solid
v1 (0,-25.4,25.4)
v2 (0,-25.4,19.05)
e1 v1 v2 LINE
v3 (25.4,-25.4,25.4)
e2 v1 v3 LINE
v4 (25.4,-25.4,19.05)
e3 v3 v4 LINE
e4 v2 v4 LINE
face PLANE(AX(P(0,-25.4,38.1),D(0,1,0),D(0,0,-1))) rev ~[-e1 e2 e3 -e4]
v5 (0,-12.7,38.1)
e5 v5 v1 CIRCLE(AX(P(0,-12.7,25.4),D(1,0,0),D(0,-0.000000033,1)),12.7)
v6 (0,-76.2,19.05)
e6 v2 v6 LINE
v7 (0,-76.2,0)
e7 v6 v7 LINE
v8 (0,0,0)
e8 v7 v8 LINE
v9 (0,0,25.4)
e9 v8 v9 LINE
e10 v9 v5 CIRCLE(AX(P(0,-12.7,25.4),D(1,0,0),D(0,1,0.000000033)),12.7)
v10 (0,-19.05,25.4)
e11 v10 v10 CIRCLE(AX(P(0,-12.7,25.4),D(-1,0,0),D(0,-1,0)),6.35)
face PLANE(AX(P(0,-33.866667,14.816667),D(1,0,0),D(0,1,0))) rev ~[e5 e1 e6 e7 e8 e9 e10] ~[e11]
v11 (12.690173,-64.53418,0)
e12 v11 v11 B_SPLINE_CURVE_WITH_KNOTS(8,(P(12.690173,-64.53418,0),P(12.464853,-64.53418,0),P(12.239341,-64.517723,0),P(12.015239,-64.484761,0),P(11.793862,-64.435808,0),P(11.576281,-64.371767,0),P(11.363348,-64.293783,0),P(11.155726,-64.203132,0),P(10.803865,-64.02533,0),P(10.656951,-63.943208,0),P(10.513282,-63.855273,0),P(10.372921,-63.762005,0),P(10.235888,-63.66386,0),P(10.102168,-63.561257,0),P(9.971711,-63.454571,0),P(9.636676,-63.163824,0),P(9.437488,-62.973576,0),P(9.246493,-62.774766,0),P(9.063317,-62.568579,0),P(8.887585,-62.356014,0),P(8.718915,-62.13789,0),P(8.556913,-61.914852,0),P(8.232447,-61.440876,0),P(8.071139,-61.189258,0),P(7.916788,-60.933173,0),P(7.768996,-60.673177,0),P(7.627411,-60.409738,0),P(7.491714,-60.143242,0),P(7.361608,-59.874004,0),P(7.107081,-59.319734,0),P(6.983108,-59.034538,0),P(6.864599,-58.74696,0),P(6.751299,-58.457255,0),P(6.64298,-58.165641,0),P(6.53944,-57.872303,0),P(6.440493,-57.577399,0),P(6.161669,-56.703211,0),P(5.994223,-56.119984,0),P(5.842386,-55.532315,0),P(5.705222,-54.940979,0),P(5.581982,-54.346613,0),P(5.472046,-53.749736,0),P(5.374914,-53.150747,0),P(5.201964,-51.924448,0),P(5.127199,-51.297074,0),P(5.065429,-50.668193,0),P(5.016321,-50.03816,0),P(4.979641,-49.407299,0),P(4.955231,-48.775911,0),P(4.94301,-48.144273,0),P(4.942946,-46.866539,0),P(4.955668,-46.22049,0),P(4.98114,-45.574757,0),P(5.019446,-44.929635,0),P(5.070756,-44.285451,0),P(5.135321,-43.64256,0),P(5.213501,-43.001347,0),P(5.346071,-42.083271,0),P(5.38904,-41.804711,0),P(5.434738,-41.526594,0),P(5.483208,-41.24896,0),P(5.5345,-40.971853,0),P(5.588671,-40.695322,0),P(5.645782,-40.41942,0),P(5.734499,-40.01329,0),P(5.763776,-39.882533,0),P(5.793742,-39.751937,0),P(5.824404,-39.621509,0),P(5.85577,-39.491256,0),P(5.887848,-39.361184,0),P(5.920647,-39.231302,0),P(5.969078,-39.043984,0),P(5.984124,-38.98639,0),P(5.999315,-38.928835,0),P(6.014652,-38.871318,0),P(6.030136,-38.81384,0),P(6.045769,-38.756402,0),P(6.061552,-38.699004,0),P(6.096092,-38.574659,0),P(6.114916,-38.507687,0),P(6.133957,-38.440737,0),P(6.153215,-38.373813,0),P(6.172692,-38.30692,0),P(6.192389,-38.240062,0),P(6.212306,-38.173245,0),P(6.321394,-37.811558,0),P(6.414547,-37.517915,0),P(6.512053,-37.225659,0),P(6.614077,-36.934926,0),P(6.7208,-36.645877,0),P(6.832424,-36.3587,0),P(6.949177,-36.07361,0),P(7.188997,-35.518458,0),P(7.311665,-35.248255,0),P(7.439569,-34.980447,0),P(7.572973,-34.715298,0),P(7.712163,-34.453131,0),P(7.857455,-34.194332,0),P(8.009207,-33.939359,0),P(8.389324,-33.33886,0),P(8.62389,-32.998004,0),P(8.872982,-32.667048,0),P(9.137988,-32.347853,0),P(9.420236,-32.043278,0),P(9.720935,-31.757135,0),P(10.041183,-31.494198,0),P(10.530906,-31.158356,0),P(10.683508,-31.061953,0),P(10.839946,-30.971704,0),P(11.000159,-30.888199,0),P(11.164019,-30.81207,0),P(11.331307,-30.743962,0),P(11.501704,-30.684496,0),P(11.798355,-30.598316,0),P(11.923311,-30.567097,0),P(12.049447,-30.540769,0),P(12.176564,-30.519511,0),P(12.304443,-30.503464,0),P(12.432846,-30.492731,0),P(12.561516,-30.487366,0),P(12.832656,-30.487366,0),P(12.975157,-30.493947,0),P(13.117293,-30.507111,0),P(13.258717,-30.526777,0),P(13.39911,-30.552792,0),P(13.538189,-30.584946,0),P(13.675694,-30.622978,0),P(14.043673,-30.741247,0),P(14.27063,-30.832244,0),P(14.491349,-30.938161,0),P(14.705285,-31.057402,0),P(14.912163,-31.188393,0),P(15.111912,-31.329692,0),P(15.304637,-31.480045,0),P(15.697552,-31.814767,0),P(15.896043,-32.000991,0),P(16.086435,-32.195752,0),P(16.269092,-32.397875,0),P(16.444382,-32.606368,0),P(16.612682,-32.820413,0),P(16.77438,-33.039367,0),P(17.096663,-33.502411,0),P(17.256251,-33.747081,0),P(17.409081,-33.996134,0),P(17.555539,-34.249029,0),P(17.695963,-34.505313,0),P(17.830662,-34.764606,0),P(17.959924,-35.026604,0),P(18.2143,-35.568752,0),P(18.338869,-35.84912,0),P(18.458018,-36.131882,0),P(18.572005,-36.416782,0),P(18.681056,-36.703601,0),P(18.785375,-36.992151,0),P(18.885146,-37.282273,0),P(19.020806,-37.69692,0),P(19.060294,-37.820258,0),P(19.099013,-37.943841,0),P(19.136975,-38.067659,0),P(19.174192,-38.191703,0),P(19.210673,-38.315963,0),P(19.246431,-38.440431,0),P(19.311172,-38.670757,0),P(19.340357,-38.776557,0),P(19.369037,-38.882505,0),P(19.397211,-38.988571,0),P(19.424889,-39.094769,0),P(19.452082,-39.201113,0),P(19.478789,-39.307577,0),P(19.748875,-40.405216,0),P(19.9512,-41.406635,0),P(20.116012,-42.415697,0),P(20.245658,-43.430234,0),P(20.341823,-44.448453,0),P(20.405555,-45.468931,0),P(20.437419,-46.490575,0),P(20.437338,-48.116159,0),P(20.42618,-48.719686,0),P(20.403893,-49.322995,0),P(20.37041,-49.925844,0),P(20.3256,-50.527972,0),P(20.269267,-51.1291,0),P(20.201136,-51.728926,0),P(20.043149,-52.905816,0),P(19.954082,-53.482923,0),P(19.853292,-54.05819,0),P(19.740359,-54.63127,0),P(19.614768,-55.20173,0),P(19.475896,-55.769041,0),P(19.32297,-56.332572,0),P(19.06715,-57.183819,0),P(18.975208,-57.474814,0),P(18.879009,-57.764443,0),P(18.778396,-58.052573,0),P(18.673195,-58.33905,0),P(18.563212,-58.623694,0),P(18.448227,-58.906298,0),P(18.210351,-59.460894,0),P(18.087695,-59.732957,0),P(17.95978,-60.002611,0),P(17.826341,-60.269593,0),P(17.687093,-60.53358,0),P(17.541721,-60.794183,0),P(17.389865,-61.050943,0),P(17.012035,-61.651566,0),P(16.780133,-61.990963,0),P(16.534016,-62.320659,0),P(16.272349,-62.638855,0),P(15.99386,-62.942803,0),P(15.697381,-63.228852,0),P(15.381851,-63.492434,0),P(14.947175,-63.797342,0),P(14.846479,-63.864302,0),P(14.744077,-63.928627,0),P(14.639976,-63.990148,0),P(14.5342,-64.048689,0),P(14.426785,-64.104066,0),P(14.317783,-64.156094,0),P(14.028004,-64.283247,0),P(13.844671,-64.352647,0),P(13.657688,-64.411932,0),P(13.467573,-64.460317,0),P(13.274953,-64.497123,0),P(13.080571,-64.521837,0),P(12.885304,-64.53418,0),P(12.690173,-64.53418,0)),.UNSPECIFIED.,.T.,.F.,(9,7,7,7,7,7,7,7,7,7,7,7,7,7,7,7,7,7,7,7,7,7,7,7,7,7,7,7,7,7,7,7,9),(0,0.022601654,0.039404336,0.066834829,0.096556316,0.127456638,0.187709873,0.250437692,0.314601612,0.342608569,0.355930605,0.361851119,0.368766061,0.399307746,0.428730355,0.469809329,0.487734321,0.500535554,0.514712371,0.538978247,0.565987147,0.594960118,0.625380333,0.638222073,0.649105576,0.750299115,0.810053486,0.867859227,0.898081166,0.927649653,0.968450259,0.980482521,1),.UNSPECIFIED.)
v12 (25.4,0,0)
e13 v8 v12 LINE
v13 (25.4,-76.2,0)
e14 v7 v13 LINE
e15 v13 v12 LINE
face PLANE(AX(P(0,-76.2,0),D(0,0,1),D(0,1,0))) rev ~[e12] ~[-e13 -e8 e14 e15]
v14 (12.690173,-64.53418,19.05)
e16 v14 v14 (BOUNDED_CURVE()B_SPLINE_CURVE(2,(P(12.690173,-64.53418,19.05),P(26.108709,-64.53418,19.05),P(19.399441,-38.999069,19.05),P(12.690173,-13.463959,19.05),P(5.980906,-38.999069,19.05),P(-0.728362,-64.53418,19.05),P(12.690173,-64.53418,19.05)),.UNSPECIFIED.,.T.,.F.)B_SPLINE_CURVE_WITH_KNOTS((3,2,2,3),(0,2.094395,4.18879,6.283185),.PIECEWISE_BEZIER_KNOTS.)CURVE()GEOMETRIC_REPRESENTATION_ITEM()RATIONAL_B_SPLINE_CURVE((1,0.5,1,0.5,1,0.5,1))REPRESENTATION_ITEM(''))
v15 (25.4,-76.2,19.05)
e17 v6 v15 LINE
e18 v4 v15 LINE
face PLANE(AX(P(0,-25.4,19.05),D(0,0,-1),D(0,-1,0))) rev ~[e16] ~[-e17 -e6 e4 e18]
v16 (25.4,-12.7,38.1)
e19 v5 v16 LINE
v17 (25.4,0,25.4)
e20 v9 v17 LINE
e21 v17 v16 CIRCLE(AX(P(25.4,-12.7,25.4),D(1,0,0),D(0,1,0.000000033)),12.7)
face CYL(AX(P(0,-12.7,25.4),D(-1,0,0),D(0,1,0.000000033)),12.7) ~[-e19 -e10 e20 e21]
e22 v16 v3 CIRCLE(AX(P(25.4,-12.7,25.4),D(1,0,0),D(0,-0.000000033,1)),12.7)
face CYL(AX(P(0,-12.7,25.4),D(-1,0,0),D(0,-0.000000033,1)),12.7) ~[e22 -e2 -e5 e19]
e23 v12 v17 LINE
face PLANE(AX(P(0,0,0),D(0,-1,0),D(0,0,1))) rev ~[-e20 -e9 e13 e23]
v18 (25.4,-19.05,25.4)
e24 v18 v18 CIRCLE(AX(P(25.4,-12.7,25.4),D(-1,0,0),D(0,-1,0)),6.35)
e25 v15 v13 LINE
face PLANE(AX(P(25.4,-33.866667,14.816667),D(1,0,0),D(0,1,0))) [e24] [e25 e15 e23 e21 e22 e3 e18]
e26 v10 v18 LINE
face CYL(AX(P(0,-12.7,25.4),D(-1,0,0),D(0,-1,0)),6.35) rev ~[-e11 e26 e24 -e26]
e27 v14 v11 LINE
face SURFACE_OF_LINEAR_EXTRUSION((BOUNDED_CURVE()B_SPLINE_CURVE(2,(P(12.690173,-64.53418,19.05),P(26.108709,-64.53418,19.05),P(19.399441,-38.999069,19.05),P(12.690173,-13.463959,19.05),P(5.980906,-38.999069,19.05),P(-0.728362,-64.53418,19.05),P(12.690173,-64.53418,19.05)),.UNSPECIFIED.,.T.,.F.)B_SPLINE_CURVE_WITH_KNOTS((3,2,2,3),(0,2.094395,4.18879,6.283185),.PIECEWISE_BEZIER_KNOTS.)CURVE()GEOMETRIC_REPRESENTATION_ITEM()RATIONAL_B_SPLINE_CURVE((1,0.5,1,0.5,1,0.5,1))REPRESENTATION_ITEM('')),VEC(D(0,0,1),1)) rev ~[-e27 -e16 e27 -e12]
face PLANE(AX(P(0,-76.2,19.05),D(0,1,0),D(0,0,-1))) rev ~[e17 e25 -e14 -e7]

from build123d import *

# Parameters (mm, degrees)
F1_DEPTH = 25.4
F2_R     = 6.35
F3_DEPTH = 25.4
F6_DEPTH = 25.4


with BuildPart() as f1:
    # F0 (on Right) → F1 (new body)
    with BuildSketch(Plane.YZ):
        Polygon((-76.2, 0), (0, 0), (0, 38.1), (-25.4, 38.1), (-25.4, 19.05), (-76.2, 19.05), align=None)
    extrude(amount=F1_DEPTH)

    # F2 (on face) → F3 (cut)
    with BuildSketch(Plane(origin=(0, 0, 0), x_dir=(0, -1, 0), z_dir=(-1, 0, 0))):
        with Locations((12.7, 25.4)):
            Circle(F2_R)
        with BuildLine():
            ThreePointArc((0, 25.4), (3.719744, 34.380256), (12.7, 38.1))
            Line((12.7, 38.1), (0, 38.1))
            Line((0, 38.1), (0, 25.4))
        make_face()
        with BuildLine():
            ThreePointArc((12.7, 38.1), (21.680256, 34.380256), (25.4, 25.4))
            Line((25.4, 25.4), (25.4, 38.1))
            Line((25.4, 38.1), (12.7, 38.1))
        make_face()
    extrude(amount=-F3_DEPTH, mode=Mode.SUBTRACT)

    # F5 (on face) → F6 (cut)
    with BuildSketch(Plane.XY.offset(19.05)):
        with BuildLine():
            add(Edge.make_bspline(
                [(12.690173, -64.53418), (26.108709, -64.53418), (19.399441, -38.999069), (12.690173, -13.463959), (5.980906, -38.999069), (-0.728362, -64.53418), (12.690173, -64.53418)],
                knots=[0, 0, 0, 2.094395, 2.094395, 4.18879, 4.18879, 6.283185, 6.283185, 6.283185], degree=2, weights=[1, 0.5, 1, 0.5, 1, 0.5, 1]))
        make_face()
    extrude(amount=-F6_DEPTH, mode=Mode.SUBTRACT)


solid = f1.part
